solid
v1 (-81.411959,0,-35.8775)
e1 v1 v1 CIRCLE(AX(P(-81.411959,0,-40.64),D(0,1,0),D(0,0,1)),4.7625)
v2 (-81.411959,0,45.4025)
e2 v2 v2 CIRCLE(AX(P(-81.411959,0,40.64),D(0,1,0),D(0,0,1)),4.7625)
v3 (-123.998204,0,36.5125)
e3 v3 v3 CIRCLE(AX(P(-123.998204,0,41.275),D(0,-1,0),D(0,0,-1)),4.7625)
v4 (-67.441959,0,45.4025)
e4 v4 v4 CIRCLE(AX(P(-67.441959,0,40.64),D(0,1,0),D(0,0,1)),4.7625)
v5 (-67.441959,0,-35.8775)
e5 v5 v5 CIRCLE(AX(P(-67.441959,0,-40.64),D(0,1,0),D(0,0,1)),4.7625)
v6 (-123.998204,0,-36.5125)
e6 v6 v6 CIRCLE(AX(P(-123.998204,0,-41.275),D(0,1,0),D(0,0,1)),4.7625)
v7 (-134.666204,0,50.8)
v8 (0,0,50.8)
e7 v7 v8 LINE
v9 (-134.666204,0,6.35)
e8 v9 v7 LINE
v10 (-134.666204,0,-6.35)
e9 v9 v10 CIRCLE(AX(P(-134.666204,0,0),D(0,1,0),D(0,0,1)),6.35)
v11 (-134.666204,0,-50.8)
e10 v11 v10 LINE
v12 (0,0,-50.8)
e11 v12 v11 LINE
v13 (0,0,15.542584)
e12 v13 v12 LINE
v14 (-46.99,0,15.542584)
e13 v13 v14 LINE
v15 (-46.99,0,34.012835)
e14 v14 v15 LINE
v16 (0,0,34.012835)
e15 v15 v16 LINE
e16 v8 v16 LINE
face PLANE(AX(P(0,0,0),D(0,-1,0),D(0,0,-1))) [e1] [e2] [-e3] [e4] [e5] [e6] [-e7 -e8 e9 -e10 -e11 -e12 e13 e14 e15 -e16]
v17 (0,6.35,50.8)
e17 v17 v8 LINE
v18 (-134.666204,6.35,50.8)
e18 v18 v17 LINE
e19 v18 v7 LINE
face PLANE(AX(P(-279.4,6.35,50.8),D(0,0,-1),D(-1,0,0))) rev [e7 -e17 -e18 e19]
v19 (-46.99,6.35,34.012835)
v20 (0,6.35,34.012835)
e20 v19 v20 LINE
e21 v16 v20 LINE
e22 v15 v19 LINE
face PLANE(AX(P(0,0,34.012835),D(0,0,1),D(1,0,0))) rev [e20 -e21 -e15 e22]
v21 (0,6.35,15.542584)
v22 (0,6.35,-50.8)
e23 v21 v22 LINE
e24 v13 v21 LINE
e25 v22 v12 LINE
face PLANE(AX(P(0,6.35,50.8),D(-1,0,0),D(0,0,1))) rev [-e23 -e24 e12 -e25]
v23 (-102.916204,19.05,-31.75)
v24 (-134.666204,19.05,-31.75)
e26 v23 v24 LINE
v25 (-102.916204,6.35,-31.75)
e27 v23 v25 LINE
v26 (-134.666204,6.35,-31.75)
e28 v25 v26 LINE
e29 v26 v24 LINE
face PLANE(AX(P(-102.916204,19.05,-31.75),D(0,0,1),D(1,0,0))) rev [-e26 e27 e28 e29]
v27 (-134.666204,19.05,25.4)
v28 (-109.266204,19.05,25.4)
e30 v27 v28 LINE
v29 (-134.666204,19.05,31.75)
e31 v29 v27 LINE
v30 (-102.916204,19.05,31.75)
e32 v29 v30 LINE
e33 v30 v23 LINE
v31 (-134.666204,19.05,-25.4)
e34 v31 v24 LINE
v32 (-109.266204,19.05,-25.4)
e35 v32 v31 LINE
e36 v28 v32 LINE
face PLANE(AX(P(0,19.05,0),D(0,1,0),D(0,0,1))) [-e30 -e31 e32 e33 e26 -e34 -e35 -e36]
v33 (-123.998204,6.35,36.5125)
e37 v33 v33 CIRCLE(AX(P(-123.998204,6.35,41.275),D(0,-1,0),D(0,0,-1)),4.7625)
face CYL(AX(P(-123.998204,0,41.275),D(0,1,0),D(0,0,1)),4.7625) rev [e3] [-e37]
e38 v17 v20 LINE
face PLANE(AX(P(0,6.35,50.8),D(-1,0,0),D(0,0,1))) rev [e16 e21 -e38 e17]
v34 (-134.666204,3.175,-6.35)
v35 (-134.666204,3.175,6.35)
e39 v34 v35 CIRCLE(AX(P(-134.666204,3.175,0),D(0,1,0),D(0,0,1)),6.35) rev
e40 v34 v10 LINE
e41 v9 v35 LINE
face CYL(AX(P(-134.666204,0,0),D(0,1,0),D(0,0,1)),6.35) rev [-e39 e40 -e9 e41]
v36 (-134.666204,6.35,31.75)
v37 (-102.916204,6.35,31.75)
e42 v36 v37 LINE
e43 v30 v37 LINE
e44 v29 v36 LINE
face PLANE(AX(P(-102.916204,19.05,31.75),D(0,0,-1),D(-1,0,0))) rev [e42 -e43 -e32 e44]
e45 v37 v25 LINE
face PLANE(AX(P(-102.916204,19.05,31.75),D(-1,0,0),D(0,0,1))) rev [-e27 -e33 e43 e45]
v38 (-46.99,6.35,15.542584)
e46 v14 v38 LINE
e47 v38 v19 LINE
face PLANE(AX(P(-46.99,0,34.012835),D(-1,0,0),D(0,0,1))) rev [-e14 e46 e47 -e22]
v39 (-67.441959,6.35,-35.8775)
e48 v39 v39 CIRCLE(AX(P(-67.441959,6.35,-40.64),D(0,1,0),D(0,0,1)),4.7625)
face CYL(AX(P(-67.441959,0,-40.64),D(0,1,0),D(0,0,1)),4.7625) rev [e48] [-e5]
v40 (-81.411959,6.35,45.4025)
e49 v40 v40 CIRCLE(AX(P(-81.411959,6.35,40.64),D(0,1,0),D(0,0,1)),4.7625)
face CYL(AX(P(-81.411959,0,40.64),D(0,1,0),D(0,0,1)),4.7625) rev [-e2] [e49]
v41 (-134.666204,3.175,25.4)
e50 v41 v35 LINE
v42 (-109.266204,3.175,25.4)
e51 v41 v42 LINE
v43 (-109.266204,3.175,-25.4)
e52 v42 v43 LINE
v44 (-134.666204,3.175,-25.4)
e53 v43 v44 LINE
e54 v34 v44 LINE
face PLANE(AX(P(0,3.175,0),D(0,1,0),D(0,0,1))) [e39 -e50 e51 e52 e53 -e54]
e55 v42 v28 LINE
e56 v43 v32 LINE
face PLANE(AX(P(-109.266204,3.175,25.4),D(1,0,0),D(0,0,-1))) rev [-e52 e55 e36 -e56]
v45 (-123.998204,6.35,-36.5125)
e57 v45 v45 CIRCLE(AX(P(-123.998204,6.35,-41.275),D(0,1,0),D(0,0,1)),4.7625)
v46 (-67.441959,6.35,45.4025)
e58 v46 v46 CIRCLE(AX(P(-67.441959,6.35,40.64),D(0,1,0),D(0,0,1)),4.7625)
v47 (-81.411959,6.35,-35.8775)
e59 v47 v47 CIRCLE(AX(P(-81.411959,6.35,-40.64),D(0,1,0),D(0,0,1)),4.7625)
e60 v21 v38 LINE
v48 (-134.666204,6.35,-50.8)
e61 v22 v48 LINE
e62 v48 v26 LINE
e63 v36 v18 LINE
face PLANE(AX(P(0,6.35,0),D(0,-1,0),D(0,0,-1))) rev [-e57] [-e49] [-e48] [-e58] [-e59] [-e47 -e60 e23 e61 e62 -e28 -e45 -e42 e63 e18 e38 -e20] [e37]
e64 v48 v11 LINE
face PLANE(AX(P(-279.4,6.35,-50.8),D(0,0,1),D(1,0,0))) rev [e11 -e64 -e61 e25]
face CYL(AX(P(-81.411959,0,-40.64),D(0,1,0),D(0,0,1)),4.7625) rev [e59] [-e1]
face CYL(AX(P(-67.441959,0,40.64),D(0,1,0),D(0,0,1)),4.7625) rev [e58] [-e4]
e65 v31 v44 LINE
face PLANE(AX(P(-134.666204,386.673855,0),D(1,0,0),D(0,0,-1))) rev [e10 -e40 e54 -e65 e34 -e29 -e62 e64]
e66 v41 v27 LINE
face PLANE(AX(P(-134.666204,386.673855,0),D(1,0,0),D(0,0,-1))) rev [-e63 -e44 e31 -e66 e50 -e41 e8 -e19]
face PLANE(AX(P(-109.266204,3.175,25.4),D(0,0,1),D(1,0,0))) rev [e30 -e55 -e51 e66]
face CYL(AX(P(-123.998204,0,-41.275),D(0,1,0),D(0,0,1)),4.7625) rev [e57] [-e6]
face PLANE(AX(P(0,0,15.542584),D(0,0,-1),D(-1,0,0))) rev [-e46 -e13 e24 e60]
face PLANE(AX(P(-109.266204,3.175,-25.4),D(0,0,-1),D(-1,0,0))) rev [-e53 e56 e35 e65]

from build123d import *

# Parameters (mm, degrees)
SKETCH1_W                = 279.4
SKETCH1_H                = 101.6
BOSS_EXTRUDE1_DEPTH      = 6.35
SKETCH2_R                = 13.97
BOSS_EXTRUDE3_DEPTH      = 5.55625
SKETCH9_R                = 11.1125
CUT_EXTRUDE4_DEPTH       = 4.445
CUT_EXTRUDE5_START       = -5.55625
SKETCH10_R               = 11.1125
CUT_EXTRUDE5_DEPTH       = 5.55625
SKETCH11_R               = 7.9375
CUT_EXTRUDE6_DEPTH       = 285.078633923
SKETCH12_R               = 6.35
CUT_EXTRUDE7_DEPTH       = 285.051619429
SKETCH22_W               = 63.5
SKETCH22_H               = 63.5
BOSS_EXTRUDE7_DEPTH      = 12.7
SKETCH25_W               = 50.8
SKETCH25_H               = 50.8
CUT_EXTRUDE11_DEPTH      = 15.875
SKETCH32_R               = 4.7625
CUT_EXTRUDE12_DEPTH      = 6.35
SKETCH38_W               = 46.99
SKETCH38_H               = 18.470251096
CUT_EXTRUDE13_DEPTH      = 6.35
SKETCH60_R               = 4.7625
CUT_EXTRUDE23_DEPTH      = 6.35
CUT_EXTRUDE26_DEPTH      = 285.264471927
CUT_EXTRUDE26_DEPTH_BACK = 285.264471927
SKETCH63_R               = 4.7625
CUT_EXTRUDE27_DEPTH      = 145.488464724


with BuildPart() as part:
    # Sketch1 → Boss-Extrude1 (new body)
    with BuildSketch(Plane(origin=(0, 0, 0), x_dir=(1, 0, 0), z_dir=(0, 1, 0))):
        with Locations((-139.7, 0)):
            Rectangle(SKETCH1_W, SKETCH1_H)
    extrude(amount=BOSS_EXTRUDE1_DEPTH)

    # Sketch2 → Boss-Extrude3 (add)
    with BuildSketch(Plane(origin=(0, 6.35, 0), x_dir=(1, 0, 0), z_dir=(0, 1, 0))):
        with Locations(Location((-258.510557857, 0, 0), (0, 0, 90))):
            Circle(SKETCH2_R)
    extrude(amount=BOSS_EXTRUDE3_DEPTH)

    # Sketch9 → Cut-Extrude4 (cut)
    with BuildSketch(Plane(origin=(0, 11.90625, 0), x_dir=(1, 0, 0), z_dir=(0, 1, 0))):
        with Locations(Location((-258.510557857, 0, 0), (0, 0, 270))):
            Circle(SKETCH9_R)
    extrude(amount=-CUT_EXTRUDE4_DEPTH, mode=Mode.SUBTRACT)

    # Sketch10 → Cut-Extrude5 (cut)
    with BuildSketch(Plane(origin=(0, 0, 0), x_dir=(-1, 0, 0), z_dir=(0, -1, 0)).offset(CUT_EXTRUDE5_START)):
        with Locations(Location((258.510557857, 0, 0), (0, 0, 270))):
            Circle(SKETCH10_R)
    extrude(amount=CUT_EXTRUDE5_DEPTH, mode=Mode.SUBTRACT)

    # Sketch11 → Cut-Extrude6 (cut, through all)
    with BuildSketch(Plane(origin=(0, 7.46125, 0), x_dir=(1, 0, 0), z_dir=(0, 1, 0))):
        with Locations(Location((-258.510557857, 0, 0), (0, 0, 270))):
            Circle(SKETCH11_R)
    extrude(amount=-CUT_EXTRUDE6_DEPTH, mode=Mode.SUBTRACT)

    # Sketch12 → Cut-Extrude7 (cut, through all)
    with BuildSketch(Plane(origin=(0, 6.35, 0), x_dir=(1, 0, 0), z_dir=(0, 1, 0))):
        with Locations(Location((-134.666203771, 0, 0), (0, 0, 270))):
            Circle(SKETCH12_R)
    extrude(amount=-CUT_EXTRUDE7_DEPTH, mode=Mode.SUBTRACT)

    # Sketch22 → Boss-Extrude7 (add)
    with BuildSketch(Plane(origin=(0, 6.35, 0), x_dir=(1, 0, 0), z_dir=(0, 1, 0))):
        with Locations((-134.666203771, 0)):
            Rectangle(SKETCH22_W, SKETCH22_H)
    extrude(amount=BOSS_EXTRUDE7_DEPTH)

    # Sketch25 → Cut-Extrude11 (cut)
    with BuildSketch(Plane(origin=(0, 19.05, 0), x_dir=(1, 0, 0), z_dir=(0, 1, 0))):
        with Locations((-134.666203771, 0)):
            Rectangle(SKETCH25_W, SKETCH25_H)
    extrude(amount=-CUT_EXTRUDE11_DEPTH, mode=Mode.SUBTRACT)

    # Sketch32 → Cut-Extrude12 (cut)
    with BuildSketch(Plane(origin=(0, 6.35, 0), x_dir=(1, 0, 0), z_dir=(0, 1, 0))):
        with Locations(Location((-67.44195898, -40.64, 0), (0, 0, 270))):
            Circle(SKETCH32_R)
        with Locations(Location((-81.41195898, -40.64, 0), (0, 0, 270))):
            Circle(SKETCH32_R)
        with Locations(Location((-67.44195898, 40.64, 0), (0, 0, 270))):
            Circle(SKETCH32_R)
        with Locations(Location((-81.41195898, 40.64, 0), (0, 0, 270))):
            Circle(SKETCH32_R)
    extrude(amount=-CUT_EXTRUDE12_DEPTH, mode=Mode.SUBTRACT)

    # Sketch38 → Cut-Extrude13 (cut)
    with BuildSketch(Plane(origin=(0, 6.35, 0), x_dir=(1, 0, 0), z_dir=(0, 1, 0))):
        with Locations((-23.495, -24.777709652)):
            Rectangle(SKETCH38_W, SKETCH38_H)
    extrude(amount=-CUT_EXTRUDE13_DEPTH, mode=Mode.SUBTRACT)

    # Sketch60 → Cut-Extrude23 (cut)
    with BuildSketch(Plane(origin=(0, 6.35, 0), x_dir=(1, 0, 0), z_dir=(0, 1, 0))):
        with Locations(Location((-231.7492444, 41.324145444, 0), (0, 0, 270))):
            Circle(SKETCH60_R)
        with Locations(Location((-231.7492444, -39.369341378, 0), (0, 0, 270))):
            Circle(SKETCH60_R)
        with Locations(Location((-173.509244294, -39.369341378, 0), (0, 0, 270))):
            Circle(SKETCH60_R)
        with Locations(Location((-173.509244294, 41.324145444, 0), (0, 0, 270))):
            Circle(SKETCH60_R)
    extrude(amount=-CUT_EXTRUDE23_DEPTH, mode=Mode.SUBTRACT)

    # Sketch62 → Cut-Extrude26 (cut, two sides: drawn at the far end of the back side and taken through both)
    with BuildSketch(Plane(origin=(0, 6.35, 0), x_dir=(1, 0, 0), z_dir=(0, 1, 0)).offset(-CUT_EXTRUDE26_DEPTH_BACK)):
        Polygon((-134.666203771, -414.468951257), (-134.666203771, -50.8), (-134.666203771, 0), (-134.666203771, 50.8), (-134.666203771, 414.468951257), (-862.004106285, 414.468951257), (-862.004106285, -414.468951257), align=None)
    extrude(amount=CUT_EXTRUDE26_DEPTH + CUT_EXTRUDE26_DEPTH_BACK, mode=Mode.SUBTRACT)

    # Sketch63 → Cut-Extrude27 (cut, through all)
    with BuildSketch(Plane(origin=(0, 6.35, 0), x_dir=(1, 0, 0), z_dir=(0, 1, 0))):
        with Locations(Location((-123.998203771, 41.275, 0), (0, 0, 270))):
            Circle(SKETCH63_R)
    cut_extrude27 = extrude(amount=-CUT_EXTRUDE27_DEPTH, mode=Mode.SUBTRACT)

    # Mirror1: Cut-Extrude27 across plane
    add(cut_extrude27.mirror(Plane.XY), mode=Mode.SUBTRACT)


solid = part.part
